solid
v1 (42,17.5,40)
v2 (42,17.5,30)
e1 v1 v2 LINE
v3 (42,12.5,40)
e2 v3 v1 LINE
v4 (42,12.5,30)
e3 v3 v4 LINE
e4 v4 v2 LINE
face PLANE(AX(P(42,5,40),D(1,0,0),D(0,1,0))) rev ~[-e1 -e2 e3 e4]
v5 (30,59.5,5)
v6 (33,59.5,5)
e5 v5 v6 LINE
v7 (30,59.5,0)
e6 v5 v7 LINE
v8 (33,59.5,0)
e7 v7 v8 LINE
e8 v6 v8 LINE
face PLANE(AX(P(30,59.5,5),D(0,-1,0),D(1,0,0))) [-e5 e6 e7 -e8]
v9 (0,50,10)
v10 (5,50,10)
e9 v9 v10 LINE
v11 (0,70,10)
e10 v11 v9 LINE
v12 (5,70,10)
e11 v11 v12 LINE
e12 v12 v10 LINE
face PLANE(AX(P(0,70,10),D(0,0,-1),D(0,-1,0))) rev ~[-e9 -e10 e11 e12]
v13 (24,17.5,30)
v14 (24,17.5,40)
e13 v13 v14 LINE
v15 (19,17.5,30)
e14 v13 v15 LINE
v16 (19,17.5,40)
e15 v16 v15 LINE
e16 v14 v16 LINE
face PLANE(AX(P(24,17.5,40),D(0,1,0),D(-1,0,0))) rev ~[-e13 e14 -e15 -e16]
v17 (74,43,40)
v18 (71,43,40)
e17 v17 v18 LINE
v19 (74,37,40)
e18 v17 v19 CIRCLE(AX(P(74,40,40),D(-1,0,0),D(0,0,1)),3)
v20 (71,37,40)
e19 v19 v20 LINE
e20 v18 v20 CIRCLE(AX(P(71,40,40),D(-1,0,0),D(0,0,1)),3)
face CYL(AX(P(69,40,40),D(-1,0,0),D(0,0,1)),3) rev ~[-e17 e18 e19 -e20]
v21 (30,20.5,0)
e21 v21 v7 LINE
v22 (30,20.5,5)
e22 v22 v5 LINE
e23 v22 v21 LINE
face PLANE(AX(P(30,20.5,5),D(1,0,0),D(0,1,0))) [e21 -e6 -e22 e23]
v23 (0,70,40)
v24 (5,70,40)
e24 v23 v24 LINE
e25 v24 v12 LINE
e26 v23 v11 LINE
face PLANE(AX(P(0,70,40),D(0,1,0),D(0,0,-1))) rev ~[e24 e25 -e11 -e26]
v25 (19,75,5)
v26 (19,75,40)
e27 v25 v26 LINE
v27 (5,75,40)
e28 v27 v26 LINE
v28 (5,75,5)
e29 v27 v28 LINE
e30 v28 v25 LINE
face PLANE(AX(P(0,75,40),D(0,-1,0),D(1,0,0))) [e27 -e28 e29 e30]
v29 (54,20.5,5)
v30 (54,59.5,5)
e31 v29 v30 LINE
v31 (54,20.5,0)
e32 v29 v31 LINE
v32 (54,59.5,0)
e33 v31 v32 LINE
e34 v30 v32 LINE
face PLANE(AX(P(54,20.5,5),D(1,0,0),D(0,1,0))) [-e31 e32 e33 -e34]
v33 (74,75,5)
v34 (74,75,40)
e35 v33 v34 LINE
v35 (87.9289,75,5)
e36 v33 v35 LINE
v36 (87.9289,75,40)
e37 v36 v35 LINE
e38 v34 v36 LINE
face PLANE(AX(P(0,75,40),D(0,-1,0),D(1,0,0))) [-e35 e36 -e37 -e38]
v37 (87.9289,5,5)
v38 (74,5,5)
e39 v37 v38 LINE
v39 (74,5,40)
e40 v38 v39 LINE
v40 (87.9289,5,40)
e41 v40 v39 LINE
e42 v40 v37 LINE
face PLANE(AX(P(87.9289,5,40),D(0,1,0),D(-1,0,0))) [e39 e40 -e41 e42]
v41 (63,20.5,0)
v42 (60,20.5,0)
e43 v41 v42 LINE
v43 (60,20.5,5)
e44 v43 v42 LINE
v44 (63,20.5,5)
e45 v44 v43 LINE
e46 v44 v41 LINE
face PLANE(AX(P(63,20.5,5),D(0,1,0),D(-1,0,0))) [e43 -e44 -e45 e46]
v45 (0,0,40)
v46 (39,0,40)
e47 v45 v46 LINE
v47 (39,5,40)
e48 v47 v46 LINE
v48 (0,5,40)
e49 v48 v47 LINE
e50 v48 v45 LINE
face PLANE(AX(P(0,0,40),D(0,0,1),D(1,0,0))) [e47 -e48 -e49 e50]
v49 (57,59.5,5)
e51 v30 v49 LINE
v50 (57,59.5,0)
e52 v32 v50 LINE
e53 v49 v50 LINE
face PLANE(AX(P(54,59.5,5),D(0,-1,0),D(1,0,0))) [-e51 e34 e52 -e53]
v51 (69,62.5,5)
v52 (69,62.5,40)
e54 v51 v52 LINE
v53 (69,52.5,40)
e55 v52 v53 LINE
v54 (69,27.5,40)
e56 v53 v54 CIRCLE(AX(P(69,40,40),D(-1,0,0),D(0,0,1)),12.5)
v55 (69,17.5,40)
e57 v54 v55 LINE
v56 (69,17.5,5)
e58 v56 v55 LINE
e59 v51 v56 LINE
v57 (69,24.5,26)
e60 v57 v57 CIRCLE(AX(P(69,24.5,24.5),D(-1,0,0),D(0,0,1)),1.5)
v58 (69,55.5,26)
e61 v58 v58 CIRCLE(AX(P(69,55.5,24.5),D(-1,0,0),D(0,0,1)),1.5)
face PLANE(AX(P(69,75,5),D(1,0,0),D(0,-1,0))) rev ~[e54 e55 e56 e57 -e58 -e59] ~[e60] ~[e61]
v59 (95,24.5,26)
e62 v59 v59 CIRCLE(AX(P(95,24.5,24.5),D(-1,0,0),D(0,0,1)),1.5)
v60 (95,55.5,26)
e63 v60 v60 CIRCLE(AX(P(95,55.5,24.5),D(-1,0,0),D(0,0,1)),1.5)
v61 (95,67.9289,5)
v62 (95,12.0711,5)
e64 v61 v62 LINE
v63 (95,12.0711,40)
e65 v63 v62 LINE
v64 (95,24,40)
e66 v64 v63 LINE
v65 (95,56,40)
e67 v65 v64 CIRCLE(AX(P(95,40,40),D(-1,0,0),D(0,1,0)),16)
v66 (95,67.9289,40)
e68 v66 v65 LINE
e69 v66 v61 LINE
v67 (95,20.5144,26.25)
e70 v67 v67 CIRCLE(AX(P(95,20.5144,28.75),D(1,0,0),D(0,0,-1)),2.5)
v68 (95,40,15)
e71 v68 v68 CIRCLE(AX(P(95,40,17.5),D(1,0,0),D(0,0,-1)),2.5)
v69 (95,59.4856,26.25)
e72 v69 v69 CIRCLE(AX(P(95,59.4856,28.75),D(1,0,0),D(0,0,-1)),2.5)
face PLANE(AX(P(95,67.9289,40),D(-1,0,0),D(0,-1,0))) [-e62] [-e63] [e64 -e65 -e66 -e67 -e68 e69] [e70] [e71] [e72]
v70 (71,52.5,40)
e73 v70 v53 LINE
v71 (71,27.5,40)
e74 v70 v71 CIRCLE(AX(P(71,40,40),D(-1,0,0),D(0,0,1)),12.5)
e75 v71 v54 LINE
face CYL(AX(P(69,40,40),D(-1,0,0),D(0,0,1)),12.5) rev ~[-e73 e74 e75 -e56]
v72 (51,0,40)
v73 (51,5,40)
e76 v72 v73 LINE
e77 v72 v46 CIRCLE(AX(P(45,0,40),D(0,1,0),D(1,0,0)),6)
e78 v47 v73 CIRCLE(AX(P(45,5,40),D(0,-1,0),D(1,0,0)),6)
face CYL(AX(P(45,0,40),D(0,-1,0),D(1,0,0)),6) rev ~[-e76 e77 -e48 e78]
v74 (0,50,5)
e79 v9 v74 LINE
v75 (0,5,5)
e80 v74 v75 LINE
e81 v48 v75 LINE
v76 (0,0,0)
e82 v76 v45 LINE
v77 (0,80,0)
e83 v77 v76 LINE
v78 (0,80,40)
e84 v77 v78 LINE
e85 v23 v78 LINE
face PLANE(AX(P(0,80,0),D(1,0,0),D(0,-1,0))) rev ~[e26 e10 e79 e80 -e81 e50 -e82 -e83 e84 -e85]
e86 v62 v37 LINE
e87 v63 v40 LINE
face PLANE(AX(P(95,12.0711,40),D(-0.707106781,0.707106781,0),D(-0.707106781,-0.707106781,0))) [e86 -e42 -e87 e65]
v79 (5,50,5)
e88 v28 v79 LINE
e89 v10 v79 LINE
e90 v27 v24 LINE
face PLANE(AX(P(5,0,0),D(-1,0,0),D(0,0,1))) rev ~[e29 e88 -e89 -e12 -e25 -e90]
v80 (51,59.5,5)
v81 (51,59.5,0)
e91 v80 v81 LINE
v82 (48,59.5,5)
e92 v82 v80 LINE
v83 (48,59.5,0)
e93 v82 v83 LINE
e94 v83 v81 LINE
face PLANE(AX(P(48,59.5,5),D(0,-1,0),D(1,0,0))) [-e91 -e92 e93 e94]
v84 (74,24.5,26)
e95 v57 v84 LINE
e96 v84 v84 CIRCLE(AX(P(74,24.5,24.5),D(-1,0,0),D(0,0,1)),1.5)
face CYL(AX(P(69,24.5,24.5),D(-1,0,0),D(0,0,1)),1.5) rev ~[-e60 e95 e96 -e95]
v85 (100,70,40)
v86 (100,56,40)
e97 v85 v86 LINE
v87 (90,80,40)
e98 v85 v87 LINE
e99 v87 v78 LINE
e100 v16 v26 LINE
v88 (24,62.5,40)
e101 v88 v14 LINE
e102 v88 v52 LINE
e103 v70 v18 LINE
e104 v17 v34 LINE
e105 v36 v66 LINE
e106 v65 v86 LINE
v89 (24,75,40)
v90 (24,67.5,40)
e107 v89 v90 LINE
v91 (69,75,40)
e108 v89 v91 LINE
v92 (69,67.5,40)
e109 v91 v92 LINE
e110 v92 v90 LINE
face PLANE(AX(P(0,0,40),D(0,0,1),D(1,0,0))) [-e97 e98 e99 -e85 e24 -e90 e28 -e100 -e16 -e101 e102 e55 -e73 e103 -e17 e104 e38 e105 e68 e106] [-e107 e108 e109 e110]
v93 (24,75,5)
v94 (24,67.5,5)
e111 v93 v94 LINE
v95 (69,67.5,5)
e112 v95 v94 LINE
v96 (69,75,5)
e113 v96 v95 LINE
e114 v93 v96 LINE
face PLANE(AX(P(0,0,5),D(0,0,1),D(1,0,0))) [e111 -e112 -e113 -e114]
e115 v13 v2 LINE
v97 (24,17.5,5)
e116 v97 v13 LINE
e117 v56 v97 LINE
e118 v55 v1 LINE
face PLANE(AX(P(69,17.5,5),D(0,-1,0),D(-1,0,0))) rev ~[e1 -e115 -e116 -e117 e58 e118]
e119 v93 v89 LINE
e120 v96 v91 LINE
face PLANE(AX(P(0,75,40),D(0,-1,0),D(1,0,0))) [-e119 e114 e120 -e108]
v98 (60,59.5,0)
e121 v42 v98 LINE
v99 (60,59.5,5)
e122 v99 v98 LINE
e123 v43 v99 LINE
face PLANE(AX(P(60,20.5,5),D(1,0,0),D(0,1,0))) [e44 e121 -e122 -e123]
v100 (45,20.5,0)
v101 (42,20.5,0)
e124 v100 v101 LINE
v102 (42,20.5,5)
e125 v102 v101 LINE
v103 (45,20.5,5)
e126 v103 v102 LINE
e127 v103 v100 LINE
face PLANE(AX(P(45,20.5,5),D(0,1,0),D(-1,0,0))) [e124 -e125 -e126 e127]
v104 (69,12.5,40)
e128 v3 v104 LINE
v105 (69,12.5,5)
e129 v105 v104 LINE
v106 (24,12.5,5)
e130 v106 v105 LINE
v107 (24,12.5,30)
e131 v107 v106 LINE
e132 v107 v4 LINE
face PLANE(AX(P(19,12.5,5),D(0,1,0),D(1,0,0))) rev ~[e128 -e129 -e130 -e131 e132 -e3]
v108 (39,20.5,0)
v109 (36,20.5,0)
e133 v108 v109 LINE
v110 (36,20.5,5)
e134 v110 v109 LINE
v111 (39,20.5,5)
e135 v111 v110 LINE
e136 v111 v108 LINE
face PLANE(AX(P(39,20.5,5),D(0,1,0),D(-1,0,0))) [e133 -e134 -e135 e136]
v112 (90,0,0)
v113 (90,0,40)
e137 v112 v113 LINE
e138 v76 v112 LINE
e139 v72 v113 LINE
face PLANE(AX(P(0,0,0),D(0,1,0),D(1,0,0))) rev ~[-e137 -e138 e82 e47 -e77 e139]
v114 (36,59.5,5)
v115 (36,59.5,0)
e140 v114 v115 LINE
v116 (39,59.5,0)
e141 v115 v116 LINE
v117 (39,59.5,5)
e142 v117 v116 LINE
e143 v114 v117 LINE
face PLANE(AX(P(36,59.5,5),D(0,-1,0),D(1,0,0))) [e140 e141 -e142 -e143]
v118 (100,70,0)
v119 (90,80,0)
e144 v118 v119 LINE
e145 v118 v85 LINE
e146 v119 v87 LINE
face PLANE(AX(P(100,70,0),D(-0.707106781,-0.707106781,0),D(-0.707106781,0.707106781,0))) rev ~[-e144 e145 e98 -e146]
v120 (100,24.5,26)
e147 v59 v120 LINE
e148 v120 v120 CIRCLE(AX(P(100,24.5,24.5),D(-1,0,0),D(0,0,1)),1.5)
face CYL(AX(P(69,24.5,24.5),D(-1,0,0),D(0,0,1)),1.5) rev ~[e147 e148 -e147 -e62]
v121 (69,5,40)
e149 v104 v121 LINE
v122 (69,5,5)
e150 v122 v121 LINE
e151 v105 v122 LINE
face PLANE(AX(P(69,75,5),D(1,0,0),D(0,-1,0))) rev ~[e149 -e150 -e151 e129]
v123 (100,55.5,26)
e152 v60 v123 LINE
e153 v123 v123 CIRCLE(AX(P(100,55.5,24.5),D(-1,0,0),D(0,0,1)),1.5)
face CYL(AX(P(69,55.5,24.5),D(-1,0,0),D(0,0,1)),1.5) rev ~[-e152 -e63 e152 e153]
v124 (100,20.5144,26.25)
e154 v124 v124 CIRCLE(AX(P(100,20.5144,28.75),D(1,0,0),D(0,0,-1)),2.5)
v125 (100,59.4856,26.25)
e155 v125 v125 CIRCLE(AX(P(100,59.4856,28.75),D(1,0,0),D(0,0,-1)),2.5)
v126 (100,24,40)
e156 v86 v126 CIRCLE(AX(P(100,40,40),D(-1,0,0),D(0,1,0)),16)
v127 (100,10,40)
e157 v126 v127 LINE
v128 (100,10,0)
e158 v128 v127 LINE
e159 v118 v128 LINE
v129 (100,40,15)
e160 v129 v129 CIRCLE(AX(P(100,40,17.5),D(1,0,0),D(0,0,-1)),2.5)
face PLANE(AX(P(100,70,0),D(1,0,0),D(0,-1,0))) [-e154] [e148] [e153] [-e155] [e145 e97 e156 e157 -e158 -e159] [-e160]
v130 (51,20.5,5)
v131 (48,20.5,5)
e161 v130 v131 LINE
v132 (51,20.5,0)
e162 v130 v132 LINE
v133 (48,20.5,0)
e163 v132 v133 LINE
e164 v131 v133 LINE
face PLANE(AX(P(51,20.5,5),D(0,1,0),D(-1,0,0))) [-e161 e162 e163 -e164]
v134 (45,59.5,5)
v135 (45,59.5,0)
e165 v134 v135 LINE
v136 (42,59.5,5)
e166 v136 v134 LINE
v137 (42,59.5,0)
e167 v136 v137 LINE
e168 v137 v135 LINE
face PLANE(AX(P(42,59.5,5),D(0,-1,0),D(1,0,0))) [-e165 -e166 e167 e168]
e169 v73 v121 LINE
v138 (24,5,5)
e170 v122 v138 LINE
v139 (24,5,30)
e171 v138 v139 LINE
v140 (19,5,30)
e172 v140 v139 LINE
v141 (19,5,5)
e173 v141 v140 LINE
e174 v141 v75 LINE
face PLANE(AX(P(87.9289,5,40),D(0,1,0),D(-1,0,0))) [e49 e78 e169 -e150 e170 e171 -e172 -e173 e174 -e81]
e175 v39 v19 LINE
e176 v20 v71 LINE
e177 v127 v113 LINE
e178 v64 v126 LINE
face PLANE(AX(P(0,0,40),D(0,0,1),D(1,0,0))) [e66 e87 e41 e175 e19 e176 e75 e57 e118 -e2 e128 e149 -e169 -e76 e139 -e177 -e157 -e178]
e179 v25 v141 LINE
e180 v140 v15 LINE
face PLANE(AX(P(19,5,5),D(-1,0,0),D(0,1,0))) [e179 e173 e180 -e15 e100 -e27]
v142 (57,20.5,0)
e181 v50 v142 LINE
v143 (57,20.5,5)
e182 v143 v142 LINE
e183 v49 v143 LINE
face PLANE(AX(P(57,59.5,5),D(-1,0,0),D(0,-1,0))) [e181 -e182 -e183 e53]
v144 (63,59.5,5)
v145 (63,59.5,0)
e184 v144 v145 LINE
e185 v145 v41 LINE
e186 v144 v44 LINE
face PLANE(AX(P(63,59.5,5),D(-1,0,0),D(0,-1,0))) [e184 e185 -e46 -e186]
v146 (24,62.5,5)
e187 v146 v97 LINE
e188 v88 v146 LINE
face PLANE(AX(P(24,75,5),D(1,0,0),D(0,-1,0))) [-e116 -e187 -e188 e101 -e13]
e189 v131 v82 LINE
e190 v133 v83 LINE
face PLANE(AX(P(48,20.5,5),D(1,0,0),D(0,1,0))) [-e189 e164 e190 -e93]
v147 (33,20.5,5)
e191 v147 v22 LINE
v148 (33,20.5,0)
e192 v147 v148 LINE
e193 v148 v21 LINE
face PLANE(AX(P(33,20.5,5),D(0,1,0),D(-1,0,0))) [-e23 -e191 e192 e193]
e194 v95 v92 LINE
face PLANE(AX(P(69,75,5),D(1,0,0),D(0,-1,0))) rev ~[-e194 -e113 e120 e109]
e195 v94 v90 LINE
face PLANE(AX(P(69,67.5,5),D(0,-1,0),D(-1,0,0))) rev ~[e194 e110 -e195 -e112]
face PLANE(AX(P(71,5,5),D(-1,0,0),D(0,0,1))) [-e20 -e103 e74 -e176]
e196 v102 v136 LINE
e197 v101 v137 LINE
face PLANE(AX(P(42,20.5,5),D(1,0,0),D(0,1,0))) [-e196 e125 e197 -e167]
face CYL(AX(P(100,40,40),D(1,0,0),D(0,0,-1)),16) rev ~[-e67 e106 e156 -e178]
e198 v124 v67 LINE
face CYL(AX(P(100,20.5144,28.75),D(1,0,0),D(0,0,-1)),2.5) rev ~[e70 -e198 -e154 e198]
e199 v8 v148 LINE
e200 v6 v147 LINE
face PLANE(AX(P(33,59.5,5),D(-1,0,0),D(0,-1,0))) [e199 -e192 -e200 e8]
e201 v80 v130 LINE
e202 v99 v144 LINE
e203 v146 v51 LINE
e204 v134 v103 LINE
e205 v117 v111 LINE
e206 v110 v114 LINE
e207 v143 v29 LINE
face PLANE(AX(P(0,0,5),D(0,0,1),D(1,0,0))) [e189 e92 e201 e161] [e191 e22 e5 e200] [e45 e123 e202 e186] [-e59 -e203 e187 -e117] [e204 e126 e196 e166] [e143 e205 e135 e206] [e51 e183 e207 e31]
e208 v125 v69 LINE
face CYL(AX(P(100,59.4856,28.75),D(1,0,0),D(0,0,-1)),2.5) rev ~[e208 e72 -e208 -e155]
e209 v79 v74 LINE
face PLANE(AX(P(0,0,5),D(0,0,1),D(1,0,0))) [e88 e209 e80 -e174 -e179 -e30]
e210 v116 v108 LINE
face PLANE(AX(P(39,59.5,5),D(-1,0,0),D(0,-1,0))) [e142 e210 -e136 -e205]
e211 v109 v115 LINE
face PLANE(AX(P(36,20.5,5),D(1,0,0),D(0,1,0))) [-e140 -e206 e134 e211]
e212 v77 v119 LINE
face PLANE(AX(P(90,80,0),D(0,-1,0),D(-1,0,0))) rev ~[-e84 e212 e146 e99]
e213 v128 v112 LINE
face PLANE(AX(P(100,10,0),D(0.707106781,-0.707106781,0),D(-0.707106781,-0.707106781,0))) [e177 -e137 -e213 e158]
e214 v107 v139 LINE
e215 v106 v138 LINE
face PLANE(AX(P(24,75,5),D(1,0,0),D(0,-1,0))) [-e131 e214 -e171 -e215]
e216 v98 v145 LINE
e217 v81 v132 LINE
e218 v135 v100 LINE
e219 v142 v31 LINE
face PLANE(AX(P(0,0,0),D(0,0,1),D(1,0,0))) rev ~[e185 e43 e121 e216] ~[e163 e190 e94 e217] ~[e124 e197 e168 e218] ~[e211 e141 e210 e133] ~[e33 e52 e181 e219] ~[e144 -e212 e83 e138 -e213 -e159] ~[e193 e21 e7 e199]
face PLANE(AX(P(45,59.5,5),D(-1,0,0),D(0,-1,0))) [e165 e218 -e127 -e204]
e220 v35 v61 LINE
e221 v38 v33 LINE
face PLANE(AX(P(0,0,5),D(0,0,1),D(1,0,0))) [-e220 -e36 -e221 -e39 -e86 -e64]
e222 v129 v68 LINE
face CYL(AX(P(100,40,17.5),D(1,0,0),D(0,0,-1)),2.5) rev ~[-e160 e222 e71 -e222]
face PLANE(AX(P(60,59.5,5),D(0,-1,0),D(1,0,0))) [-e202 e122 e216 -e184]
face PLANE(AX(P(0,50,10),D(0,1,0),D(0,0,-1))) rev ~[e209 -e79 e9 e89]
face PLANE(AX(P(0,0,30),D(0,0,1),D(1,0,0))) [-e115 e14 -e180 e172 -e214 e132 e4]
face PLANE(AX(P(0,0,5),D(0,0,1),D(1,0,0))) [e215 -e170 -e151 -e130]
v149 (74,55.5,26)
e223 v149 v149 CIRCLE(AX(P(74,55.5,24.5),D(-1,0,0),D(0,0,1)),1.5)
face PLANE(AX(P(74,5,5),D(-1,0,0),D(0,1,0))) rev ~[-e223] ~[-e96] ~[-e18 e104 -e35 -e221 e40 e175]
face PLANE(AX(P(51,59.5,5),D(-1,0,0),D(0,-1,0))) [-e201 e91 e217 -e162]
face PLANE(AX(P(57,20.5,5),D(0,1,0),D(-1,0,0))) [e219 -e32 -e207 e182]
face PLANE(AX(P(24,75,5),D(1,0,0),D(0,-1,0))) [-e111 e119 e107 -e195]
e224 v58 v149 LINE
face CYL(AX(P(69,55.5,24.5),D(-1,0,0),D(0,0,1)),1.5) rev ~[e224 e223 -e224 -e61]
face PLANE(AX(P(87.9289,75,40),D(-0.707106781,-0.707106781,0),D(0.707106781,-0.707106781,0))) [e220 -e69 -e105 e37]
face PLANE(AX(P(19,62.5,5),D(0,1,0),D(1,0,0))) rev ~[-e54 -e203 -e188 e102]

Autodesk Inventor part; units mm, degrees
ref_plane "YZ Plane" through (0, 0, 0) normal (1, 0, 0) x (0, 1, 0)
ref_plane "XZ Plane" through (0, 0, 0) normal (0, 1, 0) x (-1, 0, 0)
ref_plane "XY Plane" through (0, 0, 0) normal (0, 0, 1) x (1, 0, 0)
sketch "Sketch1" plane through (0, 0, 0) normal (0, 0, 1) x (1, 0, 0)
  line L0 (0, 0) -> (100, 0)
  line L1 (100, 0) -> (100, 80) construction
  line L2 (100, 80) -> (0, 80)
  line L3 (0, 80) -> (0, 0)
  line L4 (100, 70) -> (90, 80)
  line L5 (100, 10) -> (90, 0)
  line L6 (100, 70) -> (100, 10)
  line L7 (90, 0) -> (0, 0)
  line L8 (90, 80) -> (0, 80)
  dimension "d0" = 100
  dimension "d1" = 80
  dimension "d15" = 10
  dimension "d16" = 10
  dimension "d17" = 10
  dimension "d18" = 10
extrude "Extrusion1" add sketch "Sketch1" along normal blind 40
sketch "Sketch2" plane through (0, 0, 40) normal (0, 0, 1) x (1, 0, 0)
  line L0 (90, 80) -> (0, 80) projected
  line L1 (100, 70) -> (90, 80) projected
  line L2 (100, 10) -> (100, 70) projected
  line L3 (90, 0) -> (100, 10) projected
  line L4 (0, 0) -> (90, 0) projected
  line L5 (0, 75) -> (87.9289, 75)
  line L6 (87.9289, 75) -> (95, 67.9289)
  line L7 (95, 67.9289) -> (95, 12.0711)
  line L8 (95, 12.0711) -> (87.9289, 5)
  line L9 (87.9289, 5) -> (0, 5)
  line L10 (0, 80) -> (0, 0) projected
  line L11 (0, 75) -> (0, 5)
  dimension "d19" = 5
extrude "Extrusion2" cut sketch "Sketch2" against normal blind 35 contours L5 L6 L7 L8 L9 L10
sketch "Sketch3" plane through (0, 0, 0) normal (-1, 0, 0) x (0, 0, 1)
  line L0 (0, 80) -> (40, 80)
  line L1 (0, 0) -> (40, 0)
  line L2 (0, 80) -> (10, 80)
  line L3 (10, 80) -> (10, 50)
  line L4 (10, 50) -> (0, 50)
  line L5 (0, 50) -> (0, 80)
  line L6 (40, 80) -> (40, 0)
  line L7 (0, 80) -> (40, 80)
  line L8 (40, 80) -> (40, 70)
  line L9 (40, 70) -> (0, 70)
  line L10 (0, 70) -> (0, 80)
  line L11 (0, 0) -> (40, 0) projected
  line L12 (0, 80) -> (40, 80) projected
  point P0 (20, 0)
  point P1 (20, 80)
  dimension "d7" = 10
  dimension "d8" = 10
  dimension "d11" = 50
extrude "Extrusion3" add sketch "Sketch3" against normal blind 5
sketch "Sketch4" plane through (100, 10, 0) normal (1, 0, 0) x (0, 0, -1)
  circle A0 centre (-40, 30) radius 16
  line L0 (-40, 0) -> (-40, 60) projected
  point P0 (66.6667, -50)
  dimension "d12" = 32
extrude "Extrusion4" cut sketch "Sketch4" against normal through all
sketch "Sketch5" plane through (0, 0, 5) normal (0, 0, 1) x (1, 0, 0)
  line L0 (74, 75) -> (69, 75)
  line L1 (69, 75) -> (69, 5)
  line L2 (69, 5) -> (74, 5)
  line L3 (74, 5) -> (74, 75)
  line L4 (87.9289, 5) -> (0, 5) projected
  line L5 (5, 75) -> (87.9289, 75) projected
  line L6 (95, 67.9289) -> (95, 56) projected
  point P0 (0, 0)
  dimension "d20" = 5
  dimension "d21" = 21
extrude "Extrusion5" add sketch "Sketch5" along normal blind 35
sketch "Sketch6" plane through (69, 5, 5) normal (-1, 0, 0) x (0, 0, 1)
  line L0 (35, 70) -> (35, 0) projected
  circle A0 centre (35, 35) radius 3
  line L1 (19.5, 19.5) -> (50.5, 19.5) construction
  line L2 (50.5, 19.5) -> (50.5, 50.5) construction
  line L3 (50.5, 50.5) -> (19.5, 50.5) construction
  line L4 (19.5, 50.5) -> (19.5, 19.5) construction
  line L5 (19.5, 19.5) -> (50.5, 50.5) construction
  line L6 (50.5, 19.5) -> (19.5, 50.5) construction
  circle A1 centre (19.5, 50.5) radius 1.5
  circle A2 centre (19.5, 19.5) radius 1.5
  point P0 (-5, -5)
  dimension "d24" = 6
  dimension "d25" = 31
  dimension "d26" = 31
  dimension "d27" = 3
  dimension "d28" = 3
extrude "Extrusion6" cut sketch "Sketch6" against normal through all
sketch "Sketch7" plane through (69, 5, 5) normal (-1, 0, 0) x (0, 0, 1)
  arc A0 (35, 38) -> (35, 32) centre (35, 35) ccw projected
  circle A1 centre (35, 35) radius 12.5
  point P0 (-5, -5)
  dimension "d31" = 25
extrude "Extrusion7" cut sketch "Sketch7" against normal blind 2
sketch "Sketch8" plane through (0, 0, 5) normal (0, 0, 1) x (1, 0, 0)
  line L0 (69, 17.5) -> (19, 17.5)
  line L1 (19, 17.5) -> (19, 12.5)
  line L2 (19, 12.5) -> (69, 12.5)
  line L3 (69, 12.5) -> (69, 17.5)
  line L4 (69, 27.5) -> (69, 5) projected
  line L5 (69, 67.5) -> (19, 67.5)
  line L6 (19, 67.5) -> (19, 62.5)
  line L7 (19, 62.5) -> (69, 62.5)
  line L8 (69, 62.5) -> (69, 67.5)
  line L9 (19, 62.5) -> (19, 17.5) construction
  line L10 (69, 27.5) -> (69, 52.5) construction
  point P0 (0, 0)
  point P1 (69, 15)
  point P2 (19, 40)
  point P3 (69, 40)
  dimension "d34" = 50
  dimension "d35" = 5
  dimension "d36" = 50
  dimension "d37" = 5
  dimension "d38" = 45
extrude "Extrusion8" add sketch "Sketch8" along normal blind 35
sketch "Sketch9" plane through (0, 0, 5) normal (0, 0, 1) x (1, 0, 0)
  line L0 (19, 75) -> (24, 75)
  line L1 (24, 75) -> (24, 5)
  line L2 (24, 5) -> (19, 5)
  line L3 (19, 5) -> (19, 75)
  line L4 (5, 75) -> (69, 75) projected
  line L5 (69, 5) -> (0, 5) projected
  point P0 (0, 0)
  point P1 (19, 12.5)
  dimension "d41" = 5
extrude "Extrusion9" add sketch "Sketch9" along normal blind 35
sketch "Sketch10" plane through (0, 0, 40) normal (0, 0, 1) x (1, 0, 0)
  line L0 (24, 17.5) -> (69, 17.5) projected
  line L1 (19, 5) -> (19, 75) projected
  line L2 (42, 17.5) -> (19, 17.5)
  line L3 (19, 17.5) -> (19, 5)
  line L4 (19, 5) -> (42, 5)
  line L5 (42, 5) -> (42, 17.5)
  point P0 (0, 0)
  dimension "d44" = 23
extrude "Extrusion10" cut sketch "Sketch10" against normal blind 10
sketch "Sketch11" plane through (0, 0, 5) normal (0, 0, 1) x (1, 0, 0)
  line L0 (30, 59.5) -> (33, 59.5)
  line L1 (33, 59.5) -> (33, 20.5)
  line L2 (33, 20.5) -> (30, 20.5)
  line L3 (30, 20.5) -> (30, 59.5)
  line L4 (24, 62.5) -> (69, 62.5) projected
  line L5 (24, 17.5) -> (42, 17.5) projected
  line L6 (24, 17.5) -> (24, 62.5) projected
  line L7 (36, 59.5) -> (39, 59.5)
  line L8 (39, 59.5) -> (39, 20.5)
  line L9 (39, 20.5) -> (36, 20.5)
  line L10 (36, 20.5) -> (36, 59.5)
  line L11 (42, 59.5) -> (45, 59.5)
  line L12 (45, 59.5) -> (45, 20.5)
  line L13 (45, 20.5) -> (42, 20.5)
  line L14 (42, 20.5) -> (42, 59.5)
  line L15 (48, 59.5) -> (51, 59.5)
  line L16 (51, 59.5) -> (51, 20.5)
  line L17 (51, 20.5) -> (48, 20.5)
  line L18 (48, 20.5) -> (48, 59.5)
  line L19 (54, 59.5) -> (57, 59.5)
  line L20 (57, 59.5) -> (57, 20.5)
  line L21 (57, 20.5) -> (54, 20.5)
  line L22 (54, 20.5) -> (54, 59.5)
  line L23 (60, 59.5) -> (63, 59.5)
  line L24 (63, 59.5) -> (63, 20.5)
  line L25 (63, 20.5) -> (60, 20.5)
  line L26 (60, 20.5) -> (60, 59.5)
  point P0 (0, 0)
  dimension "d47" = 3
  dimension "d48" = 3
  dimension "d49" = 3
  dimension "d50" = 6
  dimension "d53" = 6
extrude "Extrusion11" cut sketch "Sketch11" against normal through all
sketch "Sketch12" plane through (0, 0, 0) normal (0, -1, 0) x (1, 0, 0)
  circle A0 centre (45, 40) radius 6
  line L0 (0, 40) -> (90, 40) projected
  point P0 (0, 0)
  dimension "d60" = 12
extrude "Extrusion12" cut sketch "Sketch12" against normal blind 5
sketch "Sketch13" plane through (100, 10, 0) normal (1, 0, 0) x (0, 0, -1)
  circle A0 centre (-17.5, 30) radius 2.5
  arc A1 (-40, 14) -> (-40, 46) centre (-40, 30) ccw projected
  circle A2 centre (-28.75, 49.4856) radius 2.5
  circle A3 centre (-51.25, 49.4856) radius 2.5
  circle A4 centre (-62.5, 30) radius 2.5
  circle A5 centre (-51.25, 10.5144) radius 2.5
  circle A6 centre (-28.75, 10.5144) radius 2.5
  point P0 (0, -10)
  dimension "d63" = 5
  dimension "d64" = 22.5
  dimension "d67" = 360
extrude "Extrusion13" cut sketch "Sketch13" against normal blind 10 contours A0 | A2 | A6
properties part number "FA001" material "ABS Plastic"
